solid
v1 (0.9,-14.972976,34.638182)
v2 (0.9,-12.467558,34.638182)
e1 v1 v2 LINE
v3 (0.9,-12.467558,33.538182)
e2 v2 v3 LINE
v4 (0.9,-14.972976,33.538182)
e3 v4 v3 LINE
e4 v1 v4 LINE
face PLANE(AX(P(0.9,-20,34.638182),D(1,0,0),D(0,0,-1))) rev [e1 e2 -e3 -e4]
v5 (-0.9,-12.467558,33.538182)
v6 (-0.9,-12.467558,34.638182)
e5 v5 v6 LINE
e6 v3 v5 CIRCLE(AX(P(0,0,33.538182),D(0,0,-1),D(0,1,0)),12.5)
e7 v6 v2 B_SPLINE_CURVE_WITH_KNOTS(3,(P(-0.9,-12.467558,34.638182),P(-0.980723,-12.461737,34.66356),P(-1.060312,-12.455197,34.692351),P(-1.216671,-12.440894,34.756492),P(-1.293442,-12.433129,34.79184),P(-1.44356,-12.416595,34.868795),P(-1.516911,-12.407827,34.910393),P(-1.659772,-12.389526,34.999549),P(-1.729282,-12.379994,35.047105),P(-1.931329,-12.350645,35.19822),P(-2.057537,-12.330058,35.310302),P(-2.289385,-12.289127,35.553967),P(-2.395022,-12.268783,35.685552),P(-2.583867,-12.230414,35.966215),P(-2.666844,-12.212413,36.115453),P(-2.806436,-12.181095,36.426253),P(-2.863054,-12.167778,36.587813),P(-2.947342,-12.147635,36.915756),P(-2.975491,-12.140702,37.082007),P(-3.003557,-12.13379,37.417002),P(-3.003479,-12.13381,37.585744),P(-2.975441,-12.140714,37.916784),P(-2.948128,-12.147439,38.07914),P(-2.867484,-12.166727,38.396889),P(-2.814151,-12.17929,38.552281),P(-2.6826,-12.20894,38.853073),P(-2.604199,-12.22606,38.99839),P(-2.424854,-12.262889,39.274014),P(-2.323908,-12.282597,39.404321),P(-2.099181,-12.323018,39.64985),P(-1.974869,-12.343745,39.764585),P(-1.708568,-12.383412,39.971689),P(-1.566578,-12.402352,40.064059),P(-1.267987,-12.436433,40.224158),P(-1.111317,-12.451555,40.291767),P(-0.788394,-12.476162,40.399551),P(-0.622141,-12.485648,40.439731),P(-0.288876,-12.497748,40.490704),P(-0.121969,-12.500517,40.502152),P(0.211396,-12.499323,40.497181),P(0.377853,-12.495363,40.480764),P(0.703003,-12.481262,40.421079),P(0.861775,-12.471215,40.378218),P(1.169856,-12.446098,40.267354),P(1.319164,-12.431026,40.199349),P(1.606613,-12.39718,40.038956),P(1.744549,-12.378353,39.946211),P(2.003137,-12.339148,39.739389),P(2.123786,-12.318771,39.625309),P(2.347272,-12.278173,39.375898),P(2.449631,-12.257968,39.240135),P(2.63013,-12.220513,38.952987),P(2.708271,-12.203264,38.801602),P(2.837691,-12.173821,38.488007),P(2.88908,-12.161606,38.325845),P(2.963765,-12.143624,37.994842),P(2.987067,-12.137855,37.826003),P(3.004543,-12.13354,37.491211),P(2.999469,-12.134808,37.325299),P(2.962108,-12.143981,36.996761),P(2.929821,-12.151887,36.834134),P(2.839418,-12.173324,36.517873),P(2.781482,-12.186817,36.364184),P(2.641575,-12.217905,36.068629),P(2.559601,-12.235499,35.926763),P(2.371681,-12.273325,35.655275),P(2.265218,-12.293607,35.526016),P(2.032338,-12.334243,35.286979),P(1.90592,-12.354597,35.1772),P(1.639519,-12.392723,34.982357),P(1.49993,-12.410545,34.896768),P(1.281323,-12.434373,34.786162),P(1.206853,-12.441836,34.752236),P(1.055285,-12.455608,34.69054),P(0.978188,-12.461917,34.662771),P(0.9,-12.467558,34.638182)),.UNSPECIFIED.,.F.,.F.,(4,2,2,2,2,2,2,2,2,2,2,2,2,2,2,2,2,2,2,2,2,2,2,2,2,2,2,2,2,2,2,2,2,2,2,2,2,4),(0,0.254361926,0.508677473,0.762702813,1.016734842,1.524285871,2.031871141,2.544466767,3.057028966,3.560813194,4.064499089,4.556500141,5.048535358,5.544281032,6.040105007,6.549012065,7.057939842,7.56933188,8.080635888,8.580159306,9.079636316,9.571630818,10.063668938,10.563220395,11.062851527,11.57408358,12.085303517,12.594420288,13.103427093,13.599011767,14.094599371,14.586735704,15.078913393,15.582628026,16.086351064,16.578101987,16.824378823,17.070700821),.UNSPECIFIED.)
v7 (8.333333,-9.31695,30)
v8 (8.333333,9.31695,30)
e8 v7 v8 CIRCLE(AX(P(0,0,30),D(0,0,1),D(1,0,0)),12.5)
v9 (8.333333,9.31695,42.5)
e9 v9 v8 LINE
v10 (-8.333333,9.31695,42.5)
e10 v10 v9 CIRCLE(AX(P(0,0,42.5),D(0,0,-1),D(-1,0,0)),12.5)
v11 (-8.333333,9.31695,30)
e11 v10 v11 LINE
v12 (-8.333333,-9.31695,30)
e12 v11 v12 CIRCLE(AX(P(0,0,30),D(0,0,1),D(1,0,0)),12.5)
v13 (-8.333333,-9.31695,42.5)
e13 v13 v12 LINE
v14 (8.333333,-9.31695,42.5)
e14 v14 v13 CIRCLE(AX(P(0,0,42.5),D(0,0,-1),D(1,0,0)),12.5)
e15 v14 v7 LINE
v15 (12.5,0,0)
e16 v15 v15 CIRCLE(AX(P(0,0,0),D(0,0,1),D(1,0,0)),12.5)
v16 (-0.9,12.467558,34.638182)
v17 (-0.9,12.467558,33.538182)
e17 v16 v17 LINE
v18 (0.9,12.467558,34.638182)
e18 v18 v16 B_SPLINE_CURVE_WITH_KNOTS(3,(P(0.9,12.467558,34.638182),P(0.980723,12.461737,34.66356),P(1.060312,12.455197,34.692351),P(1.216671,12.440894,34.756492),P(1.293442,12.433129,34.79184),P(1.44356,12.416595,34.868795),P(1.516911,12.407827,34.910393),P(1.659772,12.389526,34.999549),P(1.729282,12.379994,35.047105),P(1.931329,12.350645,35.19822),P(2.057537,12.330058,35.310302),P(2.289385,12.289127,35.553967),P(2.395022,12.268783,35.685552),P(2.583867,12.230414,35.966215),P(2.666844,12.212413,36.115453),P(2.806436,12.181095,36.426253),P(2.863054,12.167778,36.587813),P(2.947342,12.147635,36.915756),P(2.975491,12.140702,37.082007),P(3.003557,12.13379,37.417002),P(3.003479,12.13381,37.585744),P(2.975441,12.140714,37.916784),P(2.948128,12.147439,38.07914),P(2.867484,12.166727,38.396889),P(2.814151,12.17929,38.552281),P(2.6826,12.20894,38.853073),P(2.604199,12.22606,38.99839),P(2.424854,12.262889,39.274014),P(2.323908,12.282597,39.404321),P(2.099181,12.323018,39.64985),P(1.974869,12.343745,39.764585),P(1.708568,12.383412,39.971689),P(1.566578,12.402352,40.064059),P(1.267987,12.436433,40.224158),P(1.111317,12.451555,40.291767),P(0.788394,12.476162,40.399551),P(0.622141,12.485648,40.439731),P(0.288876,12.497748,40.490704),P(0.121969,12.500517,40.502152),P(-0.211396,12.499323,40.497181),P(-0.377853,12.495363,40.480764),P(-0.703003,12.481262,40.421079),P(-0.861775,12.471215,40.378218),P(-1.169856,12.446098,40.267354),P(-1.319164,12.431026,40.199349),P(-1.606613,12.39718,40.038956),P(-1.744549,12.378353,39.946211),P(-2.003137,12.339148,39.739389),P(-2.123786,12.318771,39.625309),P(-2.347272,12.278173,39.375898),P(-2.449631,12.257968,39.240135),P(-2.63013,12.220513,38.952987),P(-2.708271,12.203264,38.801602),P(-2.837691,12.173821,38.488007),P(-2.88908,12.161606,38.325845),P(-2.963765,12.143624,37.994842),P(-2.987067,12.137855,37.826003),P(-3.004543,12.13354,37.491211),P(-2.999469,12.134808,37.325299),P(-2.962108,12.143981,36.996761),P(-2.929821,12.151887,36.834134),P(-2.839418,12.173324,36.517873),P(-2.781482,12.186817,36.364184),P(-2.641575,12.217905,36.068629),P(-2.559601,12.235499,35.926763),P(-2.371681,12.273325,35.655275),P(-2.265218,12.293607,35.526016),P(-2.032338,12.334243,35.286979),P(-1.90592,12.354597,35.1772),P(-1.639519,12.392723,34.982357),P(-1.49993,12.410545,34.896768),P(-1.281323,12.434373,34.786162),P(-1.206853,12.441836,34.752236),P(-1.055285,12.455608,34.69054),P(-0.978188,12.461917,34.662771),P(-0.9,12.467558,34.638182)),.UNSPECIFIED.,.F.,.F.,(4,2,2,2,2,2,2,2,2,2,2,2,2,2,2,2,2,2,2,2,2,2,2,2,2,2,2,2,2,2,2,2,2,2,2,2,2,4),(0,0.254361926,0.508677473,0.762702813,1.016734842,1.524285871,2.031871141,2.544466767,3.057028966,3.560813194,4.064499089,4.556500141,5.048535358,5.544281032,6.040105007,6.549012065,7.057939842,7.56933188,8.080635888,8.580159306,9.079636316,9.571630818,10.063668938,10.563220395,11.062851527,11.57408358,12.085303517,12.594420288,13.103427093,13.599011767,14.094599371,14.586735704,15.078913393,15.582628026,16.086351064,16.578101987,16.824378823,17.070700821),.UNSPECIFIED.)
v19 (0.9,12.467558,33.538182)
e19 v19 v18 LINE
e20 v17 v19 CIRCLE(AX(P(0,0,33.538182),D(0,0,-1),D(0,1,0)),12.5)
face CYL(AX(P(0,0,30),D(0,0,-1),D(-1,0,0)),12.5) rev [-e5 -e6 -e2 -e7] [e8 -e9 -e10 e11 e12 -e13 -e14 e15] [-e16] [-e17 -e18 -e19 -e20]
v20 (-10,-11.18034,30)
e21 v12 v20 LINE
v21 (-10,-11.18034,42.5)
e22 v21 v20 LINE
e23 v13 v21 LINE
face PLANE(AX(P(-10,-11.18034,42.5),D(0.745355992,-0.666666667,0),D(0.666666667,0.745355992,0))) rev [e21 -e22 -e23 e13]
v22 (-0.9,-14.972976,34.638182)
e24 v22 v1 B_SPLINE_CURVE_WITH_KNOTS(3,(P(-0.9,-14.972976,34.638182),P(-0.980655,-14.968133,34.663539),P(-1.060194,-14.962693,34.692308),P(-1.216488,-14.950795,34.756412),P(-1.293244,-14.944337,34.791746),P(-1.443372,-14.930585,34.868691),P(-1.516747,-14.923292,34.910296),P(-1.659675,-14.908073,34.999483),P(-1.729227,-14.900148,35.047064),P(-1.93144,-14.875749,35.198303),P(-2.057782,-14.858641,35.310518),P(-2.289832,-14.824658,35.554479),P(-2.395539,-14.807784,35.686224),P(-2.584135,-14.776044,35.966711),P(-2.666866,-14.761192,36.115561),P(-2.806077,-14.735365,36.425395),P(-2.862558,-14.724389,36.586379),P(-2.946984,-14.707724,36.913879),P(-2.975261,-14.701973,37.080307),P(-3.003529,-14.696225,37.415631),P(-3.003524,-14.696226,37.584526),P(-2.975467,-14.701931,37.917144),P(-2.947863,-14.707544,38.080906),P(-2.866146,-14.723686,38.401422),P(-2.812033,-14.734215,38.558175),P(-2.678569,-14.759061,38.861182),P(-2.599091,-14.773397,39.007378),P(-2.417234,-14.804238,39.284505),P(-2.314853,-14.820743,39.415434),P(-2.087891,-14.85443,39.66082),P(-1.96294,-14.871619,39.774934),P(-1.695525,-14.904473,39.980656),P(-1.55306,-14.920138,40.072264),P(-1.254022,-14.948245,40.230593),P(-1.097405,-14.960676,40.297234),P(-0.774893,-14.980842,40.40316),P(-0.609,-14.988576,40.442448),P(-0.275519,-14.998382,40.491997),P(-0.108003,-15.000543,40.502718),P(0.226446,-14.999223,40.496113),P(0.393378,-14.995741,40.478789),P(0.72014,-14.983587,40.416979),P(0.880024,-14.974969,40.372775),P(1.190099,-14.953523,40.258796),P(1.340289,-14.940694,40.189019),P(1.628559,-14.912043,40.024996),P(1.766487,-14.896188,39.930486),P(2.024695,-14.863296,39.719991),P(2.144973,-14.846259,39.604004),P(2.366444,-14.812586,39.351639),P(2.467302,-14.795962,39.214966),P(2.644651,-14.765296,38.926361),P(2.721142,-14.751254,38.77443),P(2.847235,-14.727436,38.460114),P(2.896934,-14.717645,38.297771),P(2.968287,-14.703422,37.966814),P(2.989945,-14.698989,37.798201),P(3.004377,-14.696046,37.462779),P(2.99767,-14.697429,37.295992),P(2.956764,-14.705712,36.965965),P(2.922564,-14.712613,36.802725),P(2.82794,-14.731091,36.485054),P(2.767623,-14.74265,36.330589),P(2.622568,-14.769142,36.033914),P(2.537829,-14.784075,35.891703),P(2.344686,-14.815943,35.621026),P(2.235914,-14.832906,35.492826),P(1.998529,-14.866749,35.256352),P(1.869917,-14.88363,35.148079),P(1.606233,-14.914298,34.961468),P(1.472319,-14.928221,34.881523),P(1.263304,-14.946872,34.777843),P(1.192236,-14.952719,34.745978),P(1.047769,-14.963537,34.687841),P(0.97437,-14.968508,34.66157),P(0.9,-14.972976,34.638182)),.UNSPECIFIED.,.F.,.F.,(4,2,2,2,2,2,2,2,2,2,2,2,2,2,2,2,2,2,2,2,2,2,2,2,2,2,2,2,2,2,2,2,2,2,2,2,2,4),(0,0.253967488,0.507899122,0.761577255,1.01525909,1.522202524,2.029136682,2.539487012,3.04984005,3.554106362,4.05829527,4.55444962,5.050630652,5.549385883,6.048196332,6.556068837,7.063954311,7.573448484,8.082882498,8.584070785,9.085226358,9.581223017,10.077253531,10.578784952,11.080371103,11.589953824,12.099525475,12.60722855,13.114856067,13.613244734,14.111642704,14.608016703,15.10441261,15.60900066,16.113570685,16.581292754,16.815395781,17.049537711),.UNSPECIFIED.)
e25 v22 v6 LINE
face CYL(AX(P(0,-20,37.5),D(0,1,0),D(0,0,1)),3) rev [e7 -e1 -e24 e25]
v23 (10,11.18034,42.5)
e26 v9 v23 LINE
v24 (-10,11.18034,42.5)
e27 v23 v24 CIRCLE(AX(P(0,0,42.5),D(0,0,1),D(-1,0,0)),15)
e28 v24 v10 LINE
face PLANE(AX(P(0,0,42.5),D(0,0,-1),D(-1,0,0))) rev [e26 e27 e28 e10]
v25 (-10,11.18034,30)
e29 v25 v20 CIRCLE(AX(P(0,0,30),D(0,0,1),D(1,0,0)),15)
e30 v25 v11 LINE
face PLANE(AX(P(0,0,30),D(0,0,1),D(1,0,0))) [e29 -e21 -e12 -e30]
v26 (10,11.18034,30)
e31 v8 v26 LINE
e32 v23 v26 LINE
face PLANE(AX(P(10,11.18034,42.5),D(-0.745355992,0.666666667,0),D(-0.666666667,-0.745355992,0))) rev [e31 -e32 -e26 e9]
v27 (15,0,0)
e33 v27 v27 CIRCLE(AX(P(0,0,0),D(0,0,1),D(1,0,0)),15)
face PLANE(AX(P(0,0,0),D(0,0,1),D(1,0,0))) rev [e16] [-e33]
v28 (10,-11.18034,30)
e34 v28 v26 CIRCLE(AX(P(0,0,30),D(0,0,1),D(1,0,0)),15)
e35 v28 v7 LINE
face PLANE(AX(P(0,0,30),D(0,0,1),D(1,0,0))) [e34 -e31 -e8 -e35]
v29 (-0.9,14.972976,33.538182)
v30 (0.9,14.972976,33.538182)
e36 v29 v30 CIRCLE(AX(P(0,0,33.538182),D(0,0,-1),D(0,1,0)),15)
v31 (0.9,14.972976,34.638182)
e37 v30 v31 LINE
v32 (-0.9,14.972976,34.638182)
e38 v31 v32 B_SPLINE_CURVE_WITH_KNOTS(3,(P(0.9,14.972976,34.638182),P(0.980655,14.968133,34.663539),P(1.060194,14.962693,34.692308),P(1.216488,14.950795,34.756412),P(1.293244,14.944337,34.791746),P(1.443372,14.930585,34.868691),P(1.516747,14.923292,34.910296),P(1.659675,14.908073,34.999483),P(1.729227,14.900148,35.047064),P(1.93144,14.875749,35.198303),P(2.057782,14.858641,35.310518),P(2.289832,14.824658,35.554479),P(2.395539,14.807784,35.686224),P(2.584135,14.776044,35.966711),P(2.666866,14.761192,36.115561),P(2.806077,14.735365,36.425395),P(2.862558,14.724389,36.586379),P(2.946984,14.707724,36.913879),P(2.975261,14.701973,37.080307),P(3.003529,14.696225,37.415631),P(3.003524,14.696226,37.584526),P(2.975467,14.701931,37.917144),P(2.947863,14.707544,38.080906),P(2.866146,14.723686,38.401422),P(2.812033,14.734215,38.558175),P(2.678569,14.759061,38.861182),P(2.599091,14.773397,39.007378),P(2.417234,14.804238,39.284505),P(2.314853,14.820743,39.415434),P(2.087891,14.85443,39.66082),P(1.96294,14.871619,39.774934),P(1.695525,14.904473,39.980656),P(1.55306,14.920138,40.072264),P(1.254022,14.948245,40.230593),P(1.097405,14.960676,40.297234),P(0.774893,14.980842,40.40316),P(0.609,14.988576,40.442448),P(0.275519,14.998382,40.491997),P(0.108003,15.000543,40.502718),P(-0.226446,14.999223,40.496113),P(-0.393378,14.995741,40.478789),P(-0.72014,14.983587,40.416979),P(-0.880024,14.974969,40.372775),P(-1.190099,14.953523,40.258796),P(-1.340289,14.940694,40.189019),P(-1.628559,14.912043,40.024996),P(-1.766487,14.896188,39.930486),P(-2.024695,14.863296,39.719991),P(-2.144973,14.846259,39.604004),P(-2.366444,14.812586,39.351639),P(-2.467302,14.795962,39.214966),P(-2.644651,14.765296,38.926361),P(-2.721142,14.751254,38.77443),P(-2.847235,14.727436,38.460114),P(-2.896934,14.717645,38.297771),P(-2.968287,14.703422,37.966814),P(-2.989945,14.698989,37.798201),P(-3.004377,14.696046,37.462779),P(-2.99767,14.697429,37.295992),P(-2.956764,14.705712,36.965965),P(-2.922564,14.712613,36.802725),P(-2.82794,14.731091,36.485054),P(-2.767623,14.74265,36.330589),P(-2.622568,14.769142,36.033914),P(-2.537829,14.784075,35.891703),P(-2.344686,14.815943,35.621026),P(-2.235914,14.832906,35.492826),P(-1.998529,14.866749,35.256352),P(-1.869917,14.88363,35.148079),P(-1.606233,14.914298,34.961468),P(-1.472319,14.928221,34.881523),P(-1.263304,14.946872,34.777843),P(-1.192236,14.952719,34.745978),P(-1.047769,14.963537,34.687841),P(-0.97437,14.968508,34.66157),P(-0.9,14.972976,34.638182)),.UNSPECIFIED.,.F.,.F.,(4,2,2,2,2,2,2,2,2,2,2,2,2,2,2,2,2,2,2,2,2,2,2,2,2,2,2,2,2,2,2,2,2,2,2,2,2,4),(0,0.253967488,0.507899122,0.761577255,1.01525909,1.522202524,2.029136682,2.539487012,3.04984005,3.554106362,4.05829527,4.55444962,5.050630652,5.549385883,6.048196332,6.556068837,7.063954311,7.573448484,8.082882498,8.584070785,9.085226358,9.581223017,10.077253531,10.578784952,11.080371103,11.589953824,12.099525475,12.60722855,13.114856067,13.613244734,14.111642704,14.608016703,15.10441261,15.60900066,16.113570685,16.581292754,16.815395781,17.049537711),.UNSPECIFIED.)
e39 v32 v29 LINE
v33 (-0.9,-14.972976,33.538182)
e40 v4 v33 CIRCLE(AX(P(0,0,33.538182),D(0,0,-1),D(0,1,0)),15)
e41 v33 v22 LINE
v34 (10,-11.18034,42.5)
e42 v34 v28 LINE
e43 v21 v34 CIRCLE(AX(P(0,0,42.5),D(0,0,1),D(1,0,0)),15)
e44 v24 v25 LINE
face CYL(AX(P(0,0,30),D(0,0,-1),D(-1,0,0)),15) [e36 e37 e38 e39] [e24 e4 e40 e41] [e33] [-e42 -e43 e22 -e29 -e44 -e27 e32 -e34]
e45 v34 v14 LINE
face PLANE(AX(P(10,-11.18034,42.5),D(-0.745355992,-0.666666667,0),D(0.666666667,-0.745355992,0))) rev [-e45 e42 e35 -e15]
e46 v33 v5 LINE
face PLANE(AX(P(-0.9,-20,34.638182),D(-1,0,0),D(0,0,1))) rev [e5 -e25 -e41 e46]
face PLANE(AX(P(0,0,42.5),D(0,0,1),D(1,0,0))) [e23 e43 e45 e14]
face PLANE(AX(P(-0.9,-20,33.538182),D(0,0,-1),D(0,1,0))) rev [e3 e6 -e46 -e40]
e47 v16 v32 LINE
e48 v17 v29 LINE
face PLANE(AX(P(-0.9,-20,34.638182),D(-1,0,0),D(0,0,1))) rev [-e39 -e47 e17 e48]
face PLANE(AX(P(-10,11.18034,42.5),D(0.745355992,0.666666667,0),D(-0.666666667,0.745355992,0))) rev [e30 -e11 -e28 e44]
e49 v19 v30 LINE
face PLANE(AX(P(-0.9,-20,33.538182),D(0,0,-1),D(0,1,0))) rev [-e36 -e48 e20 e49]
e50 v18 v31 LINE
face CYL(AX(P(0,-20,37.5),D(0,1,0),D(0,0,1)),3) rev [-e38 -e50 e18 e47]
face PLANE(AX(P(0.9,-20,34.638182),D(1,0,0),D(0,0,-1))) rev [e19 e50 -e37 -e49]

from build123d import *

# Parameters (mm, degrees)
SKETCH1_R           = 15
SKETCH1_R_2         = 12.5
BOSS_EXTRUDE1_DEPTH = 30
BOSS_EXTRUDE2_DEPTH = 12.5
CUT_EXTRUDE1_DEPTH  = 35


with BuildPart() as part:
    # Sketch1 → Boss-Extrude1 (new body)
    with BuildSketch(Plane(origin=(0, 0, 0), x_dir=(0, 1, 0), z_dir=(0, 0, 1))):
        Circle(SKETCH1_R)
        Circle(SKETCH1_R_2, mode=Mode.SUBTRACT)
    extrude(amount=BOSS_EXTRUDE1_DEPTH)

    # Sketch4 → Boss-Extrude2 (add)
    with BuildSketch(Plane.XY.offset(30)):
        with BuildLine():
            Line((-10, -11.180339887), (-8.333333333, -9.316949906))
            ThreePointArc((-8.333333333, -9.316949906), (0, -12.5), (8.333333333, -9.316949906))
            Line((8.333333333, -9.316949906), (10, -11.180339887))
            ThreePointArc((10, -11.180339887), (0, -15), (-10, -11.180339887))
        make_face()
        with BuildLine():
            Line((-10, 11.180339887), (-8.333333333, 9.316949906))
            ThreePointArc((-8.333333333, 9.316949906), (0, 12.5), (8.333333333, 9.316949906))
            Line((8.333333333, 9.316949906), (10, 11.180339887))
            ThreePointArc((10, 11.180339887), (0, 15), (-10, 11.180339887))
        make_face()
    extrude(amount=BOSS_EXTRUDE2_DEPTH)

    # Sketch6 → Cut-Extrude1 (cut)
    with BuildSketch(Plane(origin=(0, 15, 0), x_dir=(1, 0, 0), z_dir=(0, 1, 0))):
        with BuildLine():
            Line((-0.9, -34.638182396), (-0.9, -33.538182396))
            Line((-0.9, -33.538182396), (0.9, -33.538182396))
            Line((0.9, -33.538182396), (0.9, -34.638182396))
            ThreePointArc((0.9, -34.638182396), (0, -40.5), (-0.9, -34.638182396))
        make_face()
    extrude(amount=-CUT_EXTRUDE1_DEPTH, mode=Mode.SUBTRACT)


solid = part.part
